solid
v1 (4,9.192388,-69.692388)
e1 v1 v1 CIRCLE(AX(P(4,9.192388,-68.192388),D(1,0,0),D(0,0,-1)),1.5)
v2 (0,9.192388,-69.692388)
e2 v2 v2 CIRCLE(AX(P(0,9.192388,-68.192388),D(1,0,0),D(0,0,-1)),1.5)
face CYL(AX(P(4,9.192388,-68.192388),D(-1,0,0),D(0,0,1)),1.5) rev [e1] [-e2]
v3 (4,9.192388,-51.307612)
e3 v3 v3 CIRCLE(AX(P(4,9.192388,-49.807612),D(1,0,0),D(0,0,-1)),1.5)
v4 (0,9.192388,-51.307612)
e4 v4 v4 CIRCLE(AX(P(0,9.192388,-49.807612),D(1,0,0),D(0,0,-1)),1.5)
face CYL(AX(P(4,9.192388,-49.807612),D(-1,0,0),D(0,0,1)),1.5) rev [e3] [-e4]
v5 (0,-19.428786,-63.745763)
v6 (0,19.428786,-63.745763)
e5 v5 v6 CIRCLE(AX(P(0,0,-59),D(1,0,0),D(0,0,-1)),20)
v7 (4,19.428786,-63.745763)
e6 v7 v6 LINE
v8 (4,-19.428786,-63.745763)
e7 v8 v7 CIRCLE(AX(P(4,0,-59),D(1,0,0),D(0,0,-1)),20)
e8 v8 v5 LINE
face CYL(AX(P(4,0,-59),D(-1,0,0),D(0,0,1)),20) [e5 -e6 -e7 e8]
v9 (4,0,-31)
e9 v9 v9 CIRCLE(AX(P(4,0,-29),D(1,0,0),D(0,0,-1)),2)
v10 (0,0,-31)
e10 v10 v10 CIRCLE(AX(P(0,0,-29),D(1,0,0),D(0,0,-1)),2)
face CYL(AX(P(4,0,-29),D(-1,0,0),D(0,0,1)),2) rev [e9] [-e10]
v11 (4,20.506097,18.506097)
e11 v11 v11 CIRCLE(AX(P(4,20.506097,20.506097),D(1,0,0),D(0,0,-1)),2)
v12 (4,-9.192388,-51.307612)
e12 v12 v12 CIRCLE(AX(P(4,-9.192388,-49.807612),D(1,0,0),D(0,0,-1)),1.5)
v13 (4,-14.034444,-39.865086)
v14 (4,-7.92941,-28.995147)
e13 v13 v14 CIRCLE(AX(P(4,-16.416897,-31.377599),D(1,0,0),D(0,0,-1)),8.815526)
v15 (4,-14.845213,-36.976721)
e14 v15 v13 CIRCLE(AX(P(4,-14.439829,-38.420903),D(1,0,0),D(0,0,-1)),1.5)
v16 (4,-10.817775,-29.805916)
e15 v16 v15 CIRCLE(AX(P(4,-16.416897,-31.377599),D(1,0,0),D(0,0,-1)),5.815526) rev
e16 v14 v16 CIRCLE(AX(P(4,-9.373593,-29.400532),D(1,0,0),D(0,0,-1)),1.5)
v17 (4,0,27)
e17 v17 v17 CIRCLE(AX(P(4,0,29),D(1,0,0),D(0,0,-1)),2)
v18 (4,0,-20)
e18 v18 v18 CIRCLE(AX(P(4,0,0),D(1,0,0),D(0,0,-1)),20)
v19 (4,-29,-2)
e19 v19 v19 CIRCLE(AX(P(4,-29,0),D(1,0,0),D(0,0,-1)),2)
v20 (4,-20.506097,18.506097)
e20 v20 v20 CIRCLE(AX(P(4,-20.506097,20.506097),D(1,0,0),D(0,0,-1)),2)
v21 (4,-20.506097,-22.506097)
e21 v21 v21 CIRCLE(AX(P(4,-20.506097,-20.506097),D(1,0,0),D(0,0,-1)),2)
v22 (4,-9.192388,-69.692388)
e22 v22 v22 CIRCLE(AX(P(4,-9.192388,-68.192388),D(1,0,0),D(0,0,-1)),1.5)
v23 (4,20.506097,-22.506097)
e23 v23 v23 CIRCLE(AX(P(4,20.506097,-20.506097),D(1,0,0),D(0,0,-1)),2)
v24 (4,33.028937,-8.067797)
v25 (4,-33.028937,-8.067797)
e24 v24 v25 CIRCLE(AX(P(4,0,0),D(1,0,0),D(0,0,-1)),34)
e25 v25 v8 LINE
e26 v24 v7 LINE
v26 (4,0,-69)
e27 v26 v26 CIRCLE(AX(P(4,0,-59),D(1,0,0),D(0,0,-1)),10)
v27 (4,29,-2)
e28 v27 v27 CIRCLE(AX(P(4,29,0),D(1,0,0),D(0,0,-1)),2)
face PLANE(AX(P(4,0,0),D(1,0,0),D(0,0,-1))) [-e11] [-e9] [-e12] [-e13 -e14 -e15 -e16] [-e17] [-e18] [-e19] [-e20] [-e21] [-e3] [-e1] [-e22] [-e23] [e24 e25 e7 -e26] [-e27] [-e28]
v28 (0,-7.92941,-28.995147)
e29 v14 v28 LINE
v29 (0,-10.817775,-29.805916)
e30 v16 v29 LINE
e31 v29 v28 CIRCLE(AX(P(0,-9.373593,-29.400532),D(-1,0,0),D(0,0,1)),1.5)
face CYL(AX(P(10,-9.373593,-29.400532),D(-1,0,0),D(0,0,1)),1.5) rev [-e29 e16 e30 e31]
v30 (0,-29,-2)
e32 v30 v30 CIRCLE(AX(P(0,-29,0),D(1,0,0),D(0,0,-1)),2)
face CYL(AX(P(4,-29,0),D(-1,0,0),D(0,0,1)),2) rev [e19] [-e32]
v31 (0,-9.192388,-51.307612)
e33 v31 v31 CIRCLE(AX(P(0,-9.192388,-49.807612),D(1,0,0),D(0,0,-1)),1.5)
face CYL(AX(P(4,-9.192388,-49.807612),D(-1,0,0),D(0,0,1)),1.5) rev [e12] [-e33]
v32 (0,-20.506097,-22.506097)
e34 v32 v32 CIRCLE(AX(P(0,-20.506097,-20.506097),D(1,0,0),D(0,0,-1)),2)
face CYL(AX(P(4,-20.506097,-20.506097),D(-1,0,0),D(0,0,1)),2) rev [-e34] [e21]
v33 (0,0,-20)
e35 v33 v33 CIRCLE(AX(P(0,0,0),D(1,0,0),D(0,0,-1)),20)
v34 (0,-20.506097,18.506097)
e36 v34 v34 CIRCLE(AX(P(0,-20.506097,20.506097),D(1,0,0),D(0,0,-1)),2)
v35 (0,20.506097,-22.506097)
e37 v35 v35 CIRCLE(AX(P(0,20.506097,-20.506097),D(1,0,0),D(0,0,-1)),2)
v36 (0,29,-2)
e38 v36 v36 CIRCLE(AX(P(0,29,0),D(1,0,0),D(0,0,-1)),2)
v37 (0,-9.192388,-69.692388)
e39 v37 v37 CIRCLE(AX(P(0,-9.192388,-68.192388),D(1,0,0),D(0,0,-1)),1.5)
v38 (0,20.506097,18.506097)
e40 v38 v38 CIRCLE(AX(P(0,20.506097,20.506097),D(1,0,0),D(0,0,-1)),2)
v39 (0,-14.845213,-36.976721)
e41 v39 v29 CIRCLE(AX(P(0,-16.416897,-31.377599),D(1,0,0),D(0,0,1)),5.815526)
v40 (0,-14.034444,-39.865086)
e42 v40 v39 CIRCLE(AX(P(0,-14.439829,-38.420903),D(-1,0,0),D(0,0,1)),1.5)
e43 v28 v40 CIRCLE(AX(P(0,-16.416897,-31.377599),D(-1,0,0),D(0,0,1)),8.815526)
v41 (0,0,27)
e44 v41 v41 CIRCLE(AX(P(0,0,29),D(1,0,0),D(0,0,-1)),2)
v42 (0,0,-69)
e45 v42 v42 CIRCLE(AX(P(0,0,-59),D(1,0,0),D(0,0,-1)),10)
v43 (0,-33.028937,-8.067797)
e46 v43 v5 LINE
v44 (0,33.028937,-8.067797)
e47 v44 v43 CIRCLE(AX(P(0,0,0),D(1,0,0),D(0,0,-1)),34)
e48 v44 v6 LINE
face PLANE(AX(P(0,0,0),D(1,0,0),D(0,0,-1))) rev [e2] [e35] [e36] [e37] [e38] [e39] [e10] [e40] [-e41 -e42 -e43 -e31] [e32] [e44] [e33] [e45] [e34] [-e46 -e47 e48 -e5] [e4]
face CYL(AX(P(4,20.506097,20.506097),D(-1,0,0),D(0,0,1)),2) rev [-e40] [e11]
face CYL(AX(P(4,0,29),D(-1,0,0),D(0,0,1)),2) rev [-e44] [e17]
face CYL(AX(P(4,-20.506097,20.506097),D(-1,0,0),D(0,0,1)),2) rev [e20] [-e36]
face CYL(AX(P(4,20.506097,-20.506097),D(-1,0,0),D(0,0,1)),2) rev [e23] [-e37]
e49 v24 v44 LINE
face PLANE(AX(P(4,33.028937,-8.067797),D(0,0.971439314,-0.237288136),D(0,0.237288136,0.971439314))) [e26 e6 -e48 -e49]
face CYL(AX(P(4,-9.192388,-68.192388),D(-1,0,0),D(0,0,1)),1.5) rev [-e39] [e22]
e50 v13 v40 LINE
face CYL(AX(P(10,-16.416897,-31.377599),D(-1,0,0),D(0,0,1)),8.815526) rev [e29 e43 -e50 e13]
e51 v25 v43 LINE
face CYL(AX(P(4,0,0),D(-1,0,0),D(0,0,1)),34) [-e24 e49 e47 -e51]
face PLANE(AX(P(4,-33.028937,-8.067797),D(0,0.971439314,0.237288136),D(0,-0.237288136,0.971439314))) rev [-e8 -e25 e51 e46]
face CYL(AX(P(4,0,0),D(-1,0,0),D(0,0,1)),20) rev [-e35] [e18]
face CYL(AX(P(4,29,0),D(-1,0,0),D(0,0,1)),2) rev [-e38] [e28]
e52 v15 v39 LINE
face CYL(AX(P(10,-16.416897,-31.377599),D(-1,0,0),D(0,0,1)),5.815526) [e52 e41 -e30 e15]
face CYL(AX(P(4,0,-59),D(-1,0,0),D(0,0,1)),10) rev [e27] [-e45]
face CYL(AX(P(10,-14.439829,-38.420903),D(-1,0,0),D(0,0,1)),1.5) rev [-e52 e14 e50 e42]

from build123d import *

# Parameters (mm, degrees)
SKETCH1_R           = 10
SKETCH1_R_2         = 20
SKETCH1_R_3         = 2
SKETCH1_R_4         = 1.5
BOSS_EXTRUDE1_DEPTH = 4
CUT_EXTRUDE1_DEPTH  = 10


with BuildPart() as part:
    # Sketch1 → Boss-Extrude1 (new body)
    with BuildSketch(Plane(origin=(0, 0, 0), x_dir=(0, 0, -1), z_dir=(1, 0, 0))):
        with BuildLine():
            Line((8.06779661, 33.028936675), (63.745762712, 19.428786279))
            ThreePointArc((63.745762712, 19.428786279), (79, 0), (63.745762712, -19.428786279))
            Line((63.745762712, -19.428786279), (8.06779661, -33.028936675))
            ThreePointArc((8.06779661, -33.028936675), (-34, 0), (8.06779661, 33.028936675))
        make_face()
        with Locations((59, 0)):
            Circle(SKETCH1_R, mode=Mode.SUBTRACT)
        Circle(SKETCH1_R_2, mode=Mode.SUBTRACT)
        with Locations((0, 29)):
            Circle(SKETCH1_R_3, mode=Mode.SUBTRACT)
        with Locations((20.506096654, 20.506096654)):
            Circle(SKETCH1_R_3, mode=Mode.SUBTRACT)
        with Locations((29, 0)):
            Circle(SKETCH1_R_3, mode=Mode.SUBTRACT)
        with Locations((20.506096654, -20.506096654)):
            Circle(SKETCH1_R_3, mode=Mode.SUBTRACT)
        with Locations((0, -29)):
            Circle(SKETCH1_R_3, mode=Mode.SUBTRACT)
        with Locations((-20.506096654, -20.506096654)):
            Circle(SKETCH1_R_3, mode=Mode.SUBTRACT)
        with Locations((-29, 0)):
            Circle(SKETCH1_R_3, mode=Mode.SUBTRACT)
        with Locations((-20.506096654, 20.506096654)):
            Circle(SKETCH1_R_3, mode=Mode.SUBTRACT)
        with Locations((49.807611845, 9.192388155)):
            Circle(SKETCH1_R_4, mode=Mode.SUBTRACT)
        with Locations((68.192388155, 9.192388155)):
            Circle(SKETCH1_R_4, mode=Mode.SUBTRACT)
        with Locations((68.192388155, -9.192388155)):
            Circle(SKETCH1_R_4, mode=Mode.SUBTRACT)
        with Locations((49.807611845, -9.192388155)):
            Circle(SKETCH1_R_4, mode=Mode.SUBTRACT)
    extrude(amount=BOSS_EXTRUDE1_DEPTH)

    # Sketch2 → Cut-Extrude1 (cut)
    with BuildSketch(Plane.ZY):
        with BuildLine():
            ThreePointArc((-28.995147078, -7.929410218), (-35.694510355, -8.730689231), (-39.865085734, -14.034444257))
            ThreePointArc((-39.865085734, -14.034444257), (-38.826287735, -15.884011427), (-36.976720565, -14.845213428))
            ThreePointArc((-36.976720565, -14.845213428), (-34.225428136, -11.346372207), (-29.805916249, -10.817775387))
            ThreePointArc((-29.805916249, -10.817775387), (-27.956349079, -9.778977388), (-28.995147078, -7.929410218))
        make_face()
    extrude(amount=-CUT_EXTRUDE1_DEPTH, mode=Mode.SUBTRACT)


solid = part.part
